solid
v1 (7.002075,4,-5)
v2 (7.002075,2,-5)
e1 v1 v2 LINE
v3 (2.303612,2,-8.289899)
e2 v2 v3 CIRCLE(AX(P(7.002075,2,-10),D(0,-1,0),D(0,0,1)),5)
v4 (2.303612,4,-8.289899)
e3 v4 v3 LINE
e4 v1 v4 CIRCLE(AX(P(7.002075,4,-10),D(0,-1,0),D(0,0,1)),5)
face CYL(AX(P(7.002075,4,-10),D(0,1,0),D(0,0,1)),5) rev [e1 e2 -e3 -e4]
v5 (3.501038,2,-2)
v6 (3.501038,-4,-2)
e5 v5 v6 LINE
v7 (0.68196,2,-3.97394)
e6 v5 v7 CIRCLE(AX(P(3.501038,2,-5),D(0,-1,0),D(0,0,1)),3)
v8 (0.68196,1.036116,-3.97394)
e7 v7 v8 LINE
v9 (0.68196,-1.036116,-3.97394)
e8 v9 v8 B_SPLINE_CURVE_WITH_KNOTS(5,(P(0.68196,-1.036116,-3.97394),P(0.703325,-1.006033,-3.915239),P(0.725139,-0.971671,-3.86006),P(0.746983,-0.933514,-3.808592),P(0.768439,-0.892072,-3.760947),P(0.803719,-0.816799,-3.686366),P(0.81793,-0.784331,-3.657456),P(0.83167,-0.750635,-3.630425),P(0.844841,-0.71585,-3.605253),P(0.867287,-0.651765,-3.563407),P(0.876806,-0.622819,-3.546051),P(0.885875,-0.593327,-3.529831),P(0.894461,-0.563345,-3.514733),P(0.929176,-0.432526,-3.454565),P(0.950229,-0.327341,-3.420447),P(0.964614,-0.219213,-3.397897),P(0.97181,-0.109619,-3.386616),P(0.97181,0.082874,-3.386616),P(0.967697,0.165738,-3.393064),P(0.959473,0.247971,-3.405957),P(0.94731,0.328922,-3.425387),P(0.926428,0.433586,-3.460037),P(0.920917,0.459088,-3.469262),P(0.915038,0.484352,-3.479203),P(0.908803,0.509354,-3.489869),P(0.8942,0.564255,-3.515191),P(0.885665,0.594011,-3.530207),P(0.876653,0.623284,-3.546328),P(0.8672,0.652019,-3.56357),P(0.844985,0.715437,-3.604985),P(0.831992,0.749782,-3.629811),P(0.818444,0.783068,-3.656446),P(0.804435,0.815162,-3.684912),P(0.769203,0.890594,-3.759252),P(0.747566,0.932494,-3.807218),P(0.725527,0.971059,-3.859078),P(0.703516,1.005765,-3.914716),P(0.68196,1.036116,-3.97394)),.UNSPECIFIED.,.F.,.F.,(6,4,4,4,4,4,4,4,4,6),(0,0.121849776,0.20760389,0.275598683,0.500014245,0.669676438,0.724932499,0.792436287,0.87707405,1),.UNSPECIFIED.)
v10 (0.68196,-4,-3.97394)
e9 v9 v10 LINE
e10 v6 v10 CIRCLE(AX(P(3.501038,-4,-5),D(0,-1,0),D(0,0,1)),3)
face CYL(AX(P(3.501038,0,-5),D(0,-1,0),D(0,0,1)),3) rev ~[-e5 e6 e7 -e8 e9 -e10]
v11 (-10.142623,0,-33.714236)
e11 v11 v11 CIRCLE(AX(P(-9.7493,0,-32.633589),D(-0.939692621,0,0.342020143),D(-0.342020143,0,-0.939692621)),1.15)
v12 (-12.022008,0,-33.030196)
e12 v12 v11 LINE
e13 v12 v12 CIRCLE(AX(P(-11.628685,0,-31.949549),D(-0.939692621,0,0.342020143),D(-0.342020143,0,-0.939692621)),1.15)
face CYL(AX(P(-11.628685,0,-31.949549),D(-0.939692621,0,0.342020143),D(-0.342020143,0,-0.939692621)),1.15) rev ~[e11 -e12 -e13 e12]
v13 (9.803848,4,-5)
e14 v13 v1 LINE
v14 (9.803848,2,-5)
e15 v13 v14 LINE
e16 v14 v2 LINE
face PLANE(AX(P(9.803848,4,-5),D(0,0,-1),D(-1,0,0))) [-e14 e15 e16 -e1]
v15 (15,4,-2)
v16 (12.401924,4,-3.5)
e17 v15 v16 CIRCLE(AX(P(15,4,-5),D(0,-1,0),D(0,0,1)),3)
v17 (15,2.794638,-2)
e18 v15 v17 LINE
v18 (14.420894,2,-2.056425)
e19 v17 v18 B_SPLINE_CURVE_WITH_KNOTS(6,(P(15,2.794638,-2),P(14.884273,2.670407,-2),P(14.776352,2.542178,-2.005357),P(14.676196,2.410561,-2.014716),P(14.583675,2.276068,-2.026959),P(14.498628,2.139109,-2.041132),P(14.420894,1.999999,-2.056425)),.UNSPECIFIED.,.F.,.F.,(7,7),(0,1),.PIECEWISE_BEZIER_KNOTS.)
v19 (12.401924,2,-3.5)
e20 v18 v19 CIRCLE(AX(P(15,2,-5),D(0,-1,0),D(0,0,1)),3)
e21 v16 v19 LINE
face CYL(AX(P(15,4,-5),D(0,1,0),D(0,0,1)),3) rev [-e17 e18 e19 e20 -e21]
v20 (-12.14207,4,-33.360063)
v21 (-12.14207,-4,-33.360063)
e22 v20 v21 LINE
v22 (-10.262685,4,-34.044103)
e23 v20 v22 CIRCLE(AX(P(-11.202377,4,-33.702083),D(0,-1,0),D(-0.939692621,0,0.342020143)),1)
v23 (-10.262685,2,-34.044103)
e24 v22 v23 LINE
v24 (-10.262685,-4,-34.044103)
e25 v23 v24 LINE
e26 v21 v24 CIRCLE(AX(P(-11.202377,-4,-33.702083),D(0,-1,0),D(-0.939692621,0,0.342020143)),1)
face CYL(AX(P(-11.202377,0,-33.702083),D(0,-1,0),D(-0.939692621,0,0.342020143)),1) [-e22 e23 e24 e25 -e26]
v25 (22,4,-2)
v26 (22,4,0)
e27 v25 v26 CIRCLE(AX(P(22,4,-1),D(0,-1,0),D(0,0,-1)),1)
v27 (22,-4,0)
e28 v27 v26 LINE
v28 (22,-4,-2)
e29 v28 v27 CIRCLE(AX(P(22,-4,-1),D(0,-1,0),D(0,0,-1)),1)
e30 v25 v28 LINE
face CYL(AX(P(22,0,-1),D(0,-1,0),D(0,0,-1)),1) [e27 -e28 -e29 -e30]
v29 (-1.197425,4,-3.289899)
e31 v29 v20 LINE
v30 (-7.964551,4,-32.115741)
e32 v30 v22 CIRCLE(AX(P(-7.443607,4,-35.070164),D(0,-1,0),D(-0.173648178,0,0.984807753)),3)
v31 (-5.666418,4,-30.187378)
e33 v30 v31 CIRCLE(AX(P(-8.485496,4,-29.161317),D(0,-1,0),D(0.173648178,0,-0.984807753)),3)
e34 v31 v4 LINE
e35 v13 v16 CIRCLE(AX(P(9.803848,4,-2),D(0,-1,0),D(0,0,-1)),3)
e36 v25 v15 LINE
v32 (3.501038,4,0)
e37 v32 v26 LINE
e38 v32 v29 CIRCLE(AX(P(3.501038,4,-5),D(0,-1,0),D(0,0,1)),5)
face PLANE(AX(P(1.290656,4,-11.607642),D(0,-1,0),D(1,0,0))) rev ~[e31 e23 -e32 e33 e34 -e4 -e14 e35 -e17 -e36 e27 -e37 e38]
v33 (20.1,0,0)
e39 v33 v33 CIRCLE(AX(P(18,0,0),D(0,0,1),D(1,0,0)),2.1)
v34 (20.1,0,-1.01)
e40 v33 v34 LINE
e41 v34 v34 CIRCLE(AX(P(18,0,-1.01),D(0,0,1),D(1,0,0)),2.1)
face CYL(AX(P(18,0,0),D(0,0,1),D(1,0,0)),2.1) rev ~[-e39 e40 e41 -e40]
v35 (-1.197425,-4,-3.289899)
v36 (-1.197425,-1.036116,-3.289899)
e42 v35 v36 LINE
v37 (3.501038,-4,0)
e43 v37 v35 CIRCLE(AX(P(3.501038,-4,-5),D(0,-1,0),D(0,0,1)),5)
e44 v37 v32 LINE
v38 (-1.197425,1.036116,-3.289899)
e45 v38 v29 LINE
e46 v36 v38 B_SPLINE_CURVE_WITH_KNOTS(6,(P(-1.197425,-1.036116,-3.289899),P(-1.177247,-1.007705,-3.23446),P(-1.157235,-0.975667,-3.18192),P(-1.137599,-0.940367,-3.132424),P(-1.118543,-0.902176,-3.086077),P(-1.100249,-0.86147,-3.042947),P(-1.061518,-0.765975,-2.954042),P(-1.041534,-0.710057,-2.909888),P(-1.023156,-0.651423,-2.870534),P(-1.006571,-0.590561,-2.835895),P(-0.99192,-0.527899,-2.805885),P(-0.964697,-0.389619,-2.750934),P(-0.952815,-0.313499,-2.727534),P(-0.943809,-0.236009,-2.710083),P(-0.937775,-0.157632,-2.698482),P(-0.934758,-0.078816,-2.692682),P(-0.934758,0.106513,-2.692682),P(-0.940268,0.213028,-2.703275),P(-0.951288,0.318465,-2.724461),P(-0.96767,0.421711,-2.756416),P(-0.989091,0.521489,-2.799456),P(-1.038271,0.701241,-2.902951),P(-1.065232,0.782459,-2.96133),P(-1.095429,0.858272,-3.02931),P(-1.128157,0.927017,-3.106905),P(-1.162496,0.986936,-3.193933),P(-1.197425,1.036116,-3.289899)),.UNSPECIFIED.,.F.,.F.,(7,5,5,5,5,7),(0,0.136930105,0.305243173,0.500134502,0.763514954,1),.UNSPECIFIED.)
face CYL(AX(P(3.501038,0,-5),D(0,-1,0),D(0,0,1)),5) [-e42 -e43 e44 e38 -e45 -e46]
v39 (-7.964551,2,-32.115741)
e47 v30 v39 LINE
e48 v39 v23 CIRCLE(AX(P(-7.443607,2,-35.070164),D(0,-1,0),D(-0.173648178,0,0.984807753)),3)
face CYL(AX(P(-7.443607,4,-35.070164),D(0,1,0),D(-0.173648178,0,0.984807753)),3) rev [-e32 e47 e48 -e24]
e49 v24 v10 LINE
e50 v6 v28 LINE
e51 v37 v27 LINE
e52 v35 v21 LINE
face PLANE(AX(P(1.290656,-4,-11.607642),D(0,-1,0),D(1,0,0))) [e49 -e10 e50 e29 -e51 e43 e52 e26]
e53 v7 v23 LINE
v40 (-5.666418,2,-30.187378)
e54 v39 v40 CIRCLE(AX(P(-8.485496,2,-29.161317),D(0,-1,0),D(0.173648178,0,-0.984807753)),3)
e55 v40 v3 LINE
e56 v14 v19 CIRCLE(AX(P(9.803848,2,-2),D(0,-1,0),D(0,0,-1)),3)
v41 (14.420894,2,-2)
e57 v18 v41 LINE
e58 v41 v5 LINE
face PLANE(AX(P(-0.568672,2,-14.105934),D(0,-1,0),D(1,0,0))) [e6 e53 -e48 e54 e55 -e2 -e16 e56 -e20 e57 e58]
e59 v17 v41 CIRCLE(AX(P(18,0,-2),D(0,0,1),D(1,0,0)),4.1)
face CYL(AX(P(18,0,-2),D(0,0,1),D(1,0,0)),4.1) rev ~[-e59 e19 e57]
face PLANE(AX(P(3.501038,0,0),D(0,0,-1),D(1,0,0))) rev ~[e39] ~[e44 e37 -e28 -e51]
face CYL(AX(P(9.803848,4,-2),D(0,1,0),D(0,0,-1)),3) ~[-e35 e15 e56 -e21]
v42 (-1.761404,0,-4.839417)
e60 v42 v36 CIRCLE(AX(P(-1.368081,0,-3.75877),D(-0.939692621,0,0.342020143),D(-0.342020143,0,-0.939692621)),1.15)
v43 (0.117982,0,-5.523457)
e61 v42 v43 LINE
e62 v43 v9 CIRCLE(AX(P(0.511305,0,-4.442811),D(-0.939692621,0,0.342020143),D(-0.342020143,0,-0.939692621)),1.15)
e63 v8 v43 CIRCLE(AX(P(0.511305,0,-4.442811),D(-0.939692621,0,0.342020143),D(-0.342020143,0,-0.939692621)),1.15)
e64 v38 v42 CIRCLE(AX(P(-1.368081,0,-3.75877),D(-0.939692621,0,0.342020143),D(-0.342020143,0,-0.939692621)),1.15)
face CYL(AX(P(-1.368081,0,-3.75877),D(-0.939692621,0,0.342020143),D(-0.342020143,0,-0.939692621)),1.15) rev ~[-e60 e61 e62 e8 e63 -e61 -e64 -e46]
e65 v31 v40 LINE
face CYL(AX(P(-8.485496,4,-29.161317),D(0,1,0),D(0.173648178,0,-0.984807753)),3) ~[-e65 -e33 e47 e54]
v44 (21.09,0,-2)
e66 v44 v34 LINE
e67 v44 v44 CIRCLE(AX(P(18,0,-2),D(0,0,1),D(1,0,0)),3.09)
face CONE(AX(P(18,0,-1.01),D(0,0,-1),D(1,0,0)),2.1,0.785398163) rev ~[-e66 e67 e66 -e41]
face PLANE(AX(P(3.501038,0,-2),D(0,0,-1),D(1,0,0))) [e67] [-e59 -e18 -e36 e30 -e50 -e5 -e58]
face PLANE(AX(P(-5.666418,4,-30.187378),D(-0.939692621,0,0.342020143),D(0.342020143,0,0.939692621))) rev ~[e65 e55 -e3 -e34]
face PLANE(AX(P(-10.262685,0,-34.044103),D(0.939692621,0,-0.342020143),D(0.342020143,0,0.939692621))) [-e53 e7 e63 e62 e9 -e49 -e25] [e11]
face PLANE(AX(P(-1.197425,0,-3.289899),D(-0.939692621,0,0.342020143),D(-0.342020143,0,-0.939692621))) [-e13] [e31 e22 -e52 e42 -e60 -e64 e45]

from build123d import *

# Parameters (mm, degrees)
PAD_DEPTH       = 4
PAD001_DEPTH    = 2
SKETCH004_R     = 4.1
POCKET002_DEPTH = 32.7030832918
SKETCH001_R     = 2.1
POCKET_DEPTH    = 5
SKETCH002_R     = 1.15
POCKET001_DEPTH = 33.4827417793
CHAMFER_SIZE    = 0.99


with BuildPart() as part:
    # Sketch → Pad (new body, symmetric)
    with BuildSketch(Plane.XZ):
        with BuildLine():
            Line((-1.1974254129, -3.2898992834), (-12.1420699993, -33.3600631485))
            ThreePointArc((-12.1420699993, -33.3600631485), (-11.5443975218, -34.6417759126), (-10.2626847577, -34.0441034352))
            Line((-10.2626847577, -34.0441034352), (0.6819598287, -3.97393957))
            ThreePointArc((3.501037691, -2), (1.780308382, -2.5425438671), (0.6819598287, -3.97393957))
            Line((3.501037691, -2), (22, -2))
            ThreePointArc((22, -2), (23, -1), (22, 0))
            Line((3.501037691, 0), (22, 0))
            ThreePointArc((3.501037691, 0), (0.6331555093, -0.9042397786), (-1.1974254129, -3.2898992834))
        make_face()
    extrude(amount=PAD_DEPTH, both=True)

    # Sketch003 → Pad001 (join)
    with BuildSketch(Plane.XZ.offset(-4)):
        with BuildLine():
            Line((-1.1974254129, -3.2898992834), (-12.1420699993, -33.3600631485))
            Line((-12.1420699993, -33.3600631485), (-10.2626847577, -34.0441034352))
            ThreePointArc((-7.9645514284, -32.1157406061), (-9.3719697244, -32.7720305358), (-10.2626847577, -34.0441034352))
            ThreePointArc((-7.9645514284, -32.1157406061), (-6.5571331323, -31.4594506764), (-5.666418099, -30.1873777771))
            Line((-5.666418099, -30.1873777771), (2.3036122782, -8.2898992834))
            ThreePointArc((7.0020753821, -5), (4.1341932003, -5.9042397786), (2.3036122782, -8.2898992834))
            Line((9.8038475773, -5), (7.0020753821, -5))
            ThreePointArc((9.8038475773, -5), (11.3038475773, -4.5980762114), (12.4019237887, -3.5))
            ThreePointArc((15, -2), (13.5, -2.4019237887), (12.4019237887, -3.5))
            Line((15, 0), (15, -2))
            Line((3.501037691, 0), (15, 0))
            ThreePointArc((3.501037691, 0), (0.6331555093, -0.9042397786), (-1.1974254129, -3.2898992834))
        make_face()
    extrude(amount=PAD001_DEPTH)

    # Sketch004 → Pocket002 (cut, through all)
    with BuildSketch(Plane.XY.offset(-2)):
        with Locations((18, 0)):
            Circle(SKETCH004_R)
    extrude(amount=-POCKET002_DEPTH, mode=Mode.SUBTRACT)

    # Sketch001 → Pocket (cut)
    with BuildSketch(Plane.XY):
        with Locations((18, 0)):
            Circle(SKETCH001_R)
    extrude(amount=-POCKET_DEPTH, mode=Mode.SUBTRACT)

    # Sketch002 (on Face2 of Pocket) → Pocket001 (cut, through all)
    with BuildSketch(Plane(origin=(0, 0, 0), x_dir=(-0.3420201433, 0, -0.9396926208), z_dir=(-0.9396926208, 0, 0.3420201433))):
        with Locations((4, 0)):
            Circle(SKETCH002_R)
        with Locations((34, 0)):
            Circle(SKETCH002_R)
    extrude(amount=-POCKET001_DEPTH, mode=Mode.SUBTRACT)

    # Chamfer
    chamfer_edges = [part.edges().sort_by_distance(p)[0] for p in [
        (15.9, 0, -2),
    ]]
    chamfer(chamfer_edges, length=CHAMFER_SIZE)


solid = part.part
